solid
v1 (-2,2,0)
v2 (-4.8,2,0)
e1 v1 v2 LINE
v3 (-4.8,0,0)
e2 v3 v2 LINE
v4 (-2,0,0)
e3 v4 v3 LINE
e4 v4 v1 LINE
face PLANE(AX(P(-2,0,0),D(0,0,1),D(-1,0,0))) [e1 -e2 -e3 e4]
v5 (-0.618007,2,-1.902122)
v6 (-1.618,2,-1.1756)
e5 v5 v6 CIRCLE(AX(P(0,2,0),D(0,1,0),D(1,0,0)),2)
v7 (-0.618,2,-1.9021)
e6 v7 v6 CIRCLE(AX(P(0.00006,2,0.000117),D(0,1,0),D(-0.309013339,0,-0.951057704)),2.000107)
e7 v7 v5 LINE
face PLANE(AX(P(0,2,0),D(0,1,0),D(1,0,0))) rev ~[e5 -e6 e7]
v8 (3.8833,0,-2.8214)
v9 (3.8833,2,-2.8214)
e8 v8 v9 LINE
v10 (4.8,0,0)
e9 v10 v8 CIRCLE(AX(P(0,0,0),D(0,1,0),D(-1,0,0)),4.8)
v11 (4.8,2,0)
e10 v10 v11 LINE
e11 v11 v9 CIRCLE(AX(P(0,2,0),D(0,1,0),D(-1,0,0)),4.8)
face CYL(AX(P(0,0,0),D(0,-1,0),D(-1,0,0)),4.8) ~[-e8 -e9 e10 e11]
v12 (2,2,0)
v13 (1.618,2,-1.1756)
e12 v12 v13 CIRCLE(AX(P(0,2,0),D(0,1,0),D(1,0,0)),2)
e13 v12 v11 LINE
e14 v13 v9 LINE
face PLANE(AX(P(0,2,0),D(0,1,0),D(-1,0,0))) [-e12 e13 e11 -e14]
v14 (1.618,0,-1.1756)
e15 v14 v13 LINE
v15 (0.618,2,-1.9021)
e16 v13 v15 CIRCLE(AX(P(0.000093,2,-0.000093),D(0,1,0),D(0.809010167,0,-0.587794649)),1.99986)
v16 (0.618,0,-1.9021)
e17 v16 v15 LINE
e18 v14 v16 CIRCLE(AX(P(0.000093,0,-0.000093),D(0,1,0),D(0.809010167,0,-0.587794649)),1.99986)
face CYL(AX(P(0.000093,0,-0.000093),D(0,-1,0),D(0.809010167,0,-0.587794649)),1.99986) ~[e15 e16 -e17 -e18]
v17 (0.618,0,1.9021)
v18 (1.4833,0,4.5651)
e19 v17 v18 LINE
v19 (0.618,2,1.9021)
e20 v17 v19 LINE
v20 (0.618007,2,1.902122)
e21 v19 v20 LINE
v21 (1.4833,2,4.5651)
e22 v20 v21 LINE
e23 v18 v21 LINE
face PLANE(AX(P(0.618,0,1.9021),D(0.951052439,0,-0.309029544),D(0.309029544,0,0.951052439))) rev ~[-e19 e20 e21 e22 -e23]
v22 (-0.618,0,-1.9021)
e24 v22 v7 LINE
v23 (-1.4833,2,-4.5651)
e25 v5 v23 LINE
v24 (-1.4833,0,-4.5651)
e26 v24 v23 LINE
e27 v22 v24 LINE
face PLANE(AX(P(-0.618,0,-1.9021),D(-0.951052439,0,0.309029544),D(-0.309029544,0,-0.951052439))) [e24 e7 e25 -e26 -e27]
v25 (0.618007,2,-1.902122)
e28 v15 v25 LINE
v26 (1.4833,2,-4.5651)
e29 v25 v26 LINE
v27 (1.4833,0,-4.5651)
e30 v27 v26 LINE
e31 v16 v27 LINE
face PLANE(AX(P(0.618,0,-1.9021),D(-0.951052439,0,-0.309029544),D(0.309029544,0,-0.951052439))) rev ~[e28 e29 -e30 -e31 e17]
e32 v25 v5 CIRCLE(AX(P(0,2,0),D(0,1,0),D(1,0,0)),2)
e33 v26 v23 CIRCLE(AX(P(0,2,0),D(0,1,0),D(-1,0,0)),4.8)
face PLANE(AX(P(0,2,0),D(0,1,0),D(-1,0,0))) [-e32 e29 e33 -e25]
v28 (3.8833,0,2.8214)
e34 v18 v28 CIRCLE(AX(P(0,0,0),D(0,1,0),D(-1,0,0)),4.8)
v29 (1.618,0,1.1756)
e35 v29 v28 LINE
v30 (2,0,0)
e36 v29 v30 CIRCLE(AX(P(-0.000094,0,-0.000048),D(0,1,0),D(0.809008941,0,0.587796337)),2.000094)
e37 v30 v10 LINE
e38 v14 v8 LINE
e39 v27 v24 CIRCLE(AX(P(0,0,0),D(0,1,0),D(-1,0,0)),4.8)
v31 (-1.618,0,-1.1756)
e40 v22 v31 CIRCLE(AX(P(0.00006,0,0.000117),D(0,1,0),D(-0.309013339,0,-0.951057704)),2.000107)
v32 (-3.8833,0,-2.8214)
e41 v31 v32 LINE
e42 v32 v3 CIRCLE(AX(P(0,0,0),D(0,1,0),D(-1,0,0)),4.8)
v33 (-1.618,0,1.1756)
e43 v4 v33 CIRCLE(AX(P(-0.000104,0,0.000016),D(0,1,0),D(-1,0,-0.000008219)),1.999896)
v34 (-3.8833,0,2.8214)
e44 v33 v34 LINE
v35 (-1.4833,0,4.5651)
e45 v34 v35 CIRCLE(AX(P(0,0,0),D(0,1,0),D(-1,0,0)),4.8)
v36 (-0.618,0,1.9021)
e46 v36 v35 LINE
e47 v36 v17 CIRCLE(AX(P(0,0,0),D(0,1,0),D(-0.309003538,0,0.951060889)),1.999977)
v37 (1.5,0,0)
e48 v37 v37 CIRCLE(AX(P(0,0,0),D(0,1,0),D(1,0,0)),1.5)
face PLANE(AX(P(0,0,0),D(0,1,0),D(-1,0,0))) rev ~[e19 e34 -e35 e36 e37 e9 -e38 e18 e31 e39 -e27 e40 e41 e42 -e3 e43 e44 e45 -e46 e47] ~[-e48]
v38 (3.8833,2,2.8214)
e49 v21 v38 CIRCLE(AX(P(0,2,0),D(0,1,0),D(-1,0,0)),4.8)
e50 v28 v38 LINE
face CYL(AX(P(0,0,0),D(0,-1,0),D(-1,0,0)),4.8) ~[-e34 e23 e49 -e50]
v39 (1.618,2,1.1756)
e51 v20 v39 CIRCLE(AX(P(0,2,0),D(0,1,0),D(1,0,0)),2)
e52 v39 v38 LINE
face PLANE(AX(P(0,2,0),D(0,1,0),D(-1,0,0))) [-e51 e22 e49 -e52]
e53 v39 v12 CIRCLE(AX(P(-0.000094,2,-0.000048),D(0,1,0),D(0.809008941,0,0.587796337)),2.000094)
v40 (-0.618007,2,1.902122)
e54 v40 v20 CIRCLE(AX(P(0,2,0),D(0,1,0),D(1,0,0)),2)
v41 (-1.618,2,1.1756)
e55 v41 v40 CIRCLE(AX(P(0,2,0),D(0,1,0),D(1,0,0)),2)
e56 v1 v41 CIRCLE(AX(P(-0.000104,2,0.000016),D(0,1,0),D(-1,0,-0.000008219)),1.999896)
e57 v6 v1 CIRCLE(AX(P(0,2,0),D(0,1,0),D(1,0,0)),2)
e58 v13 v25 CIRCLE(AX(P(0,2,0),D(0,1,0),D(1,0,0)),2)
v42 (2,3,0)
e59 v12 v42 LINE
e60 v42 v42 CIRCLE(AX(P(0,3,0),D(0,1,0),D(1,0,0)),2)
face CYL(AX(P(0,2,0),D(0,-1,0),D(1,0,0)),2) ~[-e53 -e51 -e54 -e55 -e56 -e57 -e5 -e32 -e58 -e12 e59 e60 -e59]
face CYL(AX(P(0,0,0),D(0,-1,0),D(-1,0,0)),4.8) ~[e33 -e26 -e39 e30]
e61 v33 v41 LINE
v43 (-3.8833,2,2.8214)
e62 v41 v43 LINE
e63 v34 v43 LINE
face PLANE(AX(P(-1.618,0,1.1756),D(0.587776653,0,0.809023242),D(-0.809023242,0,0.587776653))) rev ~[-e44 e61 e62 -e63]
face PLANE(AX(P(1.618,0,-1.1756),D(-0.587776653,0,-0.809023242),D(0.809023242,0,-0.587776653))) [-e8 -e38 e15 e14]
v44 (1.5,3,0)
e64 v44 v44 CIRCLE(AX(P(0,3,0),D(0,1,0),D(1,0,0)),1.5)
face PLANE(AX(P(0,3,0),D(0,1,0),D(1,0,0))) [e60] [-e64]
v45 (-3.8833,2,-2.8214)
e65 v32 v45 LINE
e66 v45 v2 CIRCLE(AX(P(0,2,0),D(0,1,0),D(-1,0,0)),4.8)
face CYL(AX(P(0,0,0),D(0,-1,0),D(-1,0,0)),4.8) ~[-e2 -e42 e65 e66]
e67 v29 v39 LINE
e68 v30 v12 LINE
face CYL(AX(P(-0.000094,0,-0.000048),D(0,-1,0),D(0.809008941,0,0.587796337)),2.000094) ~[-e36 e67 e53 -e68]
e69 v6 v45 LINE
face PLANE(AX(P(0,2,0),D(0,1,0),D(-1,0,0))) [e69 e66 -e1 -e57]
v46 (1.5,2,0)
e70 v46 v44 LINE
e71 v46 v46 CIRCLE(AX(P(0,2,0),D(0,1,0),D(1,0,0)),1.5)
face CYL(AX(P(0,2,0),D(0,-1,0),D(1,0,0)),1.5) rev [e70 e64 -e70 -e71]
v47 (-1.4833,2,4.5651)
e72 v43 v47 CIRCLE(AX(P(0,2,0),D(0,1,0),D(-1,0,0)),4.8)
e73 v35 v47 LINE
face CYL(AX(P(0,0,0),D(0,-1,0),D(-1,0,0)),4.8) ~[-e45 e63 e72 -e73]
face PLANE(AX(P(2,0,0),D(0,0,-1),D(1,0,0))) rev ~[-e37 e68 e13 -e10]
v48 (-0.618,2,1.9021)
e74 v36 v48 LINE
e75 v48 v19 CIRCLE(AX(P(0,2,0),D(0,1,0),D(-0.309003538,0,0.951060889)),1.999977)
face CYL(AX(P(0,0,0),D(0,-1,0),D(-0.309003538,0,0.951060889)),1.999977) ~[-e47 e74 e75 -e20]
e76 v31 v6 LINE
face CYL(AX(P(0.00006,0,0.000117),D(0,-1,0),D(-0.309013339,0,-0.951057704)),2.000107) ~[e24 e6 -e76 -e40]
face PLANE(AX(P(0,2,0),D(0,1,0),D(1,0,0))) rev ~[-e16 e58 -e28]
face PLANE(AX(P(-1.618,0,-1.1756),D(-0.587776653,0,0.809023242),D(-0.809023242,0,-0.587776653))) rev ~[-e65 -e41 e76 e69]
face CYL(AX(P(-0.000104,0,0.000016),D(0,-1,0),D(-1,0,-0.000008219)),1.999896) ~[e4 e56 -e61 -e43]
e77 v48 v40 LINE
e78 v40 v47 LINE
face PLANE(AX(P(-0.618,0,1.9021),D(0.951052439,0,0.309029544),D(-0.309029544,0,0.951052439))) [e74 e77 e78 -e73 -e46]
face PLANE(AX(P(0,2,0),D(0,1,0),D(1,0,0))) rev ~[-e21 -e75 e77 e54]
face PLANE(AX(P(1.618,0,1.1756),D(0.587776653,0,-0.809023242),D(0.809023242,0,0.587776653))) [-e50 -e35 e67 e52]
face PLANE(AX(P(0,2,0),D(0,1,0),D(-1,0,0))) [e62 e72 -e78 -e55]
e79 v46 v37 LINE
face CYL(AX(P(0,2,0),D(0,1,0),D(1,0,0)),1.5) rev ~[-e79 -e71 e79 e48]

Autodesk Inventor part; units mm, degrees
ref_plane "YZ Plane" through (0, 0, 0) normal (1, 0, 0) x (0, 1, 0)
ref_plane "XZ Plane" through (0, 0, 0) normal (0, 1, 0) x (-1, 0, 0)
ref_plane "XY Plane" through (0, 0, 0) normal (0, 0, 1) x (1, 0, 0)
sketch "Sketch2" plane through (0, 0, 0) normal (0, 1, 0) x (-1, 0, 0)
  circle A0 centre (0, 0) radius 4.8
  line L0 (1.618, 1.1756) -> (3.8833, 2.8214)
  line L1 (0.618, 1.9021) -> (1.4833, 4.5651)
  line L2 (-0.618, 1.9021) -> (-1.4833, 4.5651)
  line L3 (-1.618, 1.1756) -> (-3.8833, 2.8214)
  line L4 (-2, 0) -> (-4.8, 0)
  line L5 (1.618, -1.1756) -> (3.8833, -2.8214)
  line L6 (0.618, -1.9021) -> (1.4833, -4.5651)
  line L7 (-0.618, -1.9021) -> (-1.4833, -4.5651)
  line L8 (-1.618, -1.1756) -> (-3.8833, -2.8214)
  arc A1 (2, 0) -> (1.618, 1.1756) centre (0, 0) ccw
  arc A2 (0.618, -1.9021) -> (1.618, -1.1756) centre (0, 0) ccw
  arc A3 (-1.618, -1.1756) -> (-0.618, -1.9021) centre (0, 0) ccw
  arc A4 (0.618, 1.9021) -> (-0.618, 1.9021) centre (0, 0) ccw
  arc A5 (-1.618, 1.1756) -> (-2, 0) centre (0, 0) ccw
  line L9 (2, 0) -> (4.8, 0)
  dimension "d22" = 9.6
extrude "Extrusion1" add sketch "Sketch2" along normal blind 2 contours A0 L5 A2 L6 L7 A3 L8 L4 A5 L3 L2 A4 L1 L0 A1 L9
sketch "Sketch3" plane through (0, 2, 0) normal (0, 1, 0) x (1, 0, 0)
  circle A0 centre (0, 0) radius 2
  circle A1 centre (0, 0) radius 1.5
  dimension "d39" = 3
  dimension "d44" = 4
extrude "Extrusion2" add sketch "Sketch3" along normal blind 1 contours A0 | A1
extrude "Extrusion3" cut sketch "Sketch3" along normal blind 1 and the other way blind 2 contours A1
properties part number "Encoder_helice"
